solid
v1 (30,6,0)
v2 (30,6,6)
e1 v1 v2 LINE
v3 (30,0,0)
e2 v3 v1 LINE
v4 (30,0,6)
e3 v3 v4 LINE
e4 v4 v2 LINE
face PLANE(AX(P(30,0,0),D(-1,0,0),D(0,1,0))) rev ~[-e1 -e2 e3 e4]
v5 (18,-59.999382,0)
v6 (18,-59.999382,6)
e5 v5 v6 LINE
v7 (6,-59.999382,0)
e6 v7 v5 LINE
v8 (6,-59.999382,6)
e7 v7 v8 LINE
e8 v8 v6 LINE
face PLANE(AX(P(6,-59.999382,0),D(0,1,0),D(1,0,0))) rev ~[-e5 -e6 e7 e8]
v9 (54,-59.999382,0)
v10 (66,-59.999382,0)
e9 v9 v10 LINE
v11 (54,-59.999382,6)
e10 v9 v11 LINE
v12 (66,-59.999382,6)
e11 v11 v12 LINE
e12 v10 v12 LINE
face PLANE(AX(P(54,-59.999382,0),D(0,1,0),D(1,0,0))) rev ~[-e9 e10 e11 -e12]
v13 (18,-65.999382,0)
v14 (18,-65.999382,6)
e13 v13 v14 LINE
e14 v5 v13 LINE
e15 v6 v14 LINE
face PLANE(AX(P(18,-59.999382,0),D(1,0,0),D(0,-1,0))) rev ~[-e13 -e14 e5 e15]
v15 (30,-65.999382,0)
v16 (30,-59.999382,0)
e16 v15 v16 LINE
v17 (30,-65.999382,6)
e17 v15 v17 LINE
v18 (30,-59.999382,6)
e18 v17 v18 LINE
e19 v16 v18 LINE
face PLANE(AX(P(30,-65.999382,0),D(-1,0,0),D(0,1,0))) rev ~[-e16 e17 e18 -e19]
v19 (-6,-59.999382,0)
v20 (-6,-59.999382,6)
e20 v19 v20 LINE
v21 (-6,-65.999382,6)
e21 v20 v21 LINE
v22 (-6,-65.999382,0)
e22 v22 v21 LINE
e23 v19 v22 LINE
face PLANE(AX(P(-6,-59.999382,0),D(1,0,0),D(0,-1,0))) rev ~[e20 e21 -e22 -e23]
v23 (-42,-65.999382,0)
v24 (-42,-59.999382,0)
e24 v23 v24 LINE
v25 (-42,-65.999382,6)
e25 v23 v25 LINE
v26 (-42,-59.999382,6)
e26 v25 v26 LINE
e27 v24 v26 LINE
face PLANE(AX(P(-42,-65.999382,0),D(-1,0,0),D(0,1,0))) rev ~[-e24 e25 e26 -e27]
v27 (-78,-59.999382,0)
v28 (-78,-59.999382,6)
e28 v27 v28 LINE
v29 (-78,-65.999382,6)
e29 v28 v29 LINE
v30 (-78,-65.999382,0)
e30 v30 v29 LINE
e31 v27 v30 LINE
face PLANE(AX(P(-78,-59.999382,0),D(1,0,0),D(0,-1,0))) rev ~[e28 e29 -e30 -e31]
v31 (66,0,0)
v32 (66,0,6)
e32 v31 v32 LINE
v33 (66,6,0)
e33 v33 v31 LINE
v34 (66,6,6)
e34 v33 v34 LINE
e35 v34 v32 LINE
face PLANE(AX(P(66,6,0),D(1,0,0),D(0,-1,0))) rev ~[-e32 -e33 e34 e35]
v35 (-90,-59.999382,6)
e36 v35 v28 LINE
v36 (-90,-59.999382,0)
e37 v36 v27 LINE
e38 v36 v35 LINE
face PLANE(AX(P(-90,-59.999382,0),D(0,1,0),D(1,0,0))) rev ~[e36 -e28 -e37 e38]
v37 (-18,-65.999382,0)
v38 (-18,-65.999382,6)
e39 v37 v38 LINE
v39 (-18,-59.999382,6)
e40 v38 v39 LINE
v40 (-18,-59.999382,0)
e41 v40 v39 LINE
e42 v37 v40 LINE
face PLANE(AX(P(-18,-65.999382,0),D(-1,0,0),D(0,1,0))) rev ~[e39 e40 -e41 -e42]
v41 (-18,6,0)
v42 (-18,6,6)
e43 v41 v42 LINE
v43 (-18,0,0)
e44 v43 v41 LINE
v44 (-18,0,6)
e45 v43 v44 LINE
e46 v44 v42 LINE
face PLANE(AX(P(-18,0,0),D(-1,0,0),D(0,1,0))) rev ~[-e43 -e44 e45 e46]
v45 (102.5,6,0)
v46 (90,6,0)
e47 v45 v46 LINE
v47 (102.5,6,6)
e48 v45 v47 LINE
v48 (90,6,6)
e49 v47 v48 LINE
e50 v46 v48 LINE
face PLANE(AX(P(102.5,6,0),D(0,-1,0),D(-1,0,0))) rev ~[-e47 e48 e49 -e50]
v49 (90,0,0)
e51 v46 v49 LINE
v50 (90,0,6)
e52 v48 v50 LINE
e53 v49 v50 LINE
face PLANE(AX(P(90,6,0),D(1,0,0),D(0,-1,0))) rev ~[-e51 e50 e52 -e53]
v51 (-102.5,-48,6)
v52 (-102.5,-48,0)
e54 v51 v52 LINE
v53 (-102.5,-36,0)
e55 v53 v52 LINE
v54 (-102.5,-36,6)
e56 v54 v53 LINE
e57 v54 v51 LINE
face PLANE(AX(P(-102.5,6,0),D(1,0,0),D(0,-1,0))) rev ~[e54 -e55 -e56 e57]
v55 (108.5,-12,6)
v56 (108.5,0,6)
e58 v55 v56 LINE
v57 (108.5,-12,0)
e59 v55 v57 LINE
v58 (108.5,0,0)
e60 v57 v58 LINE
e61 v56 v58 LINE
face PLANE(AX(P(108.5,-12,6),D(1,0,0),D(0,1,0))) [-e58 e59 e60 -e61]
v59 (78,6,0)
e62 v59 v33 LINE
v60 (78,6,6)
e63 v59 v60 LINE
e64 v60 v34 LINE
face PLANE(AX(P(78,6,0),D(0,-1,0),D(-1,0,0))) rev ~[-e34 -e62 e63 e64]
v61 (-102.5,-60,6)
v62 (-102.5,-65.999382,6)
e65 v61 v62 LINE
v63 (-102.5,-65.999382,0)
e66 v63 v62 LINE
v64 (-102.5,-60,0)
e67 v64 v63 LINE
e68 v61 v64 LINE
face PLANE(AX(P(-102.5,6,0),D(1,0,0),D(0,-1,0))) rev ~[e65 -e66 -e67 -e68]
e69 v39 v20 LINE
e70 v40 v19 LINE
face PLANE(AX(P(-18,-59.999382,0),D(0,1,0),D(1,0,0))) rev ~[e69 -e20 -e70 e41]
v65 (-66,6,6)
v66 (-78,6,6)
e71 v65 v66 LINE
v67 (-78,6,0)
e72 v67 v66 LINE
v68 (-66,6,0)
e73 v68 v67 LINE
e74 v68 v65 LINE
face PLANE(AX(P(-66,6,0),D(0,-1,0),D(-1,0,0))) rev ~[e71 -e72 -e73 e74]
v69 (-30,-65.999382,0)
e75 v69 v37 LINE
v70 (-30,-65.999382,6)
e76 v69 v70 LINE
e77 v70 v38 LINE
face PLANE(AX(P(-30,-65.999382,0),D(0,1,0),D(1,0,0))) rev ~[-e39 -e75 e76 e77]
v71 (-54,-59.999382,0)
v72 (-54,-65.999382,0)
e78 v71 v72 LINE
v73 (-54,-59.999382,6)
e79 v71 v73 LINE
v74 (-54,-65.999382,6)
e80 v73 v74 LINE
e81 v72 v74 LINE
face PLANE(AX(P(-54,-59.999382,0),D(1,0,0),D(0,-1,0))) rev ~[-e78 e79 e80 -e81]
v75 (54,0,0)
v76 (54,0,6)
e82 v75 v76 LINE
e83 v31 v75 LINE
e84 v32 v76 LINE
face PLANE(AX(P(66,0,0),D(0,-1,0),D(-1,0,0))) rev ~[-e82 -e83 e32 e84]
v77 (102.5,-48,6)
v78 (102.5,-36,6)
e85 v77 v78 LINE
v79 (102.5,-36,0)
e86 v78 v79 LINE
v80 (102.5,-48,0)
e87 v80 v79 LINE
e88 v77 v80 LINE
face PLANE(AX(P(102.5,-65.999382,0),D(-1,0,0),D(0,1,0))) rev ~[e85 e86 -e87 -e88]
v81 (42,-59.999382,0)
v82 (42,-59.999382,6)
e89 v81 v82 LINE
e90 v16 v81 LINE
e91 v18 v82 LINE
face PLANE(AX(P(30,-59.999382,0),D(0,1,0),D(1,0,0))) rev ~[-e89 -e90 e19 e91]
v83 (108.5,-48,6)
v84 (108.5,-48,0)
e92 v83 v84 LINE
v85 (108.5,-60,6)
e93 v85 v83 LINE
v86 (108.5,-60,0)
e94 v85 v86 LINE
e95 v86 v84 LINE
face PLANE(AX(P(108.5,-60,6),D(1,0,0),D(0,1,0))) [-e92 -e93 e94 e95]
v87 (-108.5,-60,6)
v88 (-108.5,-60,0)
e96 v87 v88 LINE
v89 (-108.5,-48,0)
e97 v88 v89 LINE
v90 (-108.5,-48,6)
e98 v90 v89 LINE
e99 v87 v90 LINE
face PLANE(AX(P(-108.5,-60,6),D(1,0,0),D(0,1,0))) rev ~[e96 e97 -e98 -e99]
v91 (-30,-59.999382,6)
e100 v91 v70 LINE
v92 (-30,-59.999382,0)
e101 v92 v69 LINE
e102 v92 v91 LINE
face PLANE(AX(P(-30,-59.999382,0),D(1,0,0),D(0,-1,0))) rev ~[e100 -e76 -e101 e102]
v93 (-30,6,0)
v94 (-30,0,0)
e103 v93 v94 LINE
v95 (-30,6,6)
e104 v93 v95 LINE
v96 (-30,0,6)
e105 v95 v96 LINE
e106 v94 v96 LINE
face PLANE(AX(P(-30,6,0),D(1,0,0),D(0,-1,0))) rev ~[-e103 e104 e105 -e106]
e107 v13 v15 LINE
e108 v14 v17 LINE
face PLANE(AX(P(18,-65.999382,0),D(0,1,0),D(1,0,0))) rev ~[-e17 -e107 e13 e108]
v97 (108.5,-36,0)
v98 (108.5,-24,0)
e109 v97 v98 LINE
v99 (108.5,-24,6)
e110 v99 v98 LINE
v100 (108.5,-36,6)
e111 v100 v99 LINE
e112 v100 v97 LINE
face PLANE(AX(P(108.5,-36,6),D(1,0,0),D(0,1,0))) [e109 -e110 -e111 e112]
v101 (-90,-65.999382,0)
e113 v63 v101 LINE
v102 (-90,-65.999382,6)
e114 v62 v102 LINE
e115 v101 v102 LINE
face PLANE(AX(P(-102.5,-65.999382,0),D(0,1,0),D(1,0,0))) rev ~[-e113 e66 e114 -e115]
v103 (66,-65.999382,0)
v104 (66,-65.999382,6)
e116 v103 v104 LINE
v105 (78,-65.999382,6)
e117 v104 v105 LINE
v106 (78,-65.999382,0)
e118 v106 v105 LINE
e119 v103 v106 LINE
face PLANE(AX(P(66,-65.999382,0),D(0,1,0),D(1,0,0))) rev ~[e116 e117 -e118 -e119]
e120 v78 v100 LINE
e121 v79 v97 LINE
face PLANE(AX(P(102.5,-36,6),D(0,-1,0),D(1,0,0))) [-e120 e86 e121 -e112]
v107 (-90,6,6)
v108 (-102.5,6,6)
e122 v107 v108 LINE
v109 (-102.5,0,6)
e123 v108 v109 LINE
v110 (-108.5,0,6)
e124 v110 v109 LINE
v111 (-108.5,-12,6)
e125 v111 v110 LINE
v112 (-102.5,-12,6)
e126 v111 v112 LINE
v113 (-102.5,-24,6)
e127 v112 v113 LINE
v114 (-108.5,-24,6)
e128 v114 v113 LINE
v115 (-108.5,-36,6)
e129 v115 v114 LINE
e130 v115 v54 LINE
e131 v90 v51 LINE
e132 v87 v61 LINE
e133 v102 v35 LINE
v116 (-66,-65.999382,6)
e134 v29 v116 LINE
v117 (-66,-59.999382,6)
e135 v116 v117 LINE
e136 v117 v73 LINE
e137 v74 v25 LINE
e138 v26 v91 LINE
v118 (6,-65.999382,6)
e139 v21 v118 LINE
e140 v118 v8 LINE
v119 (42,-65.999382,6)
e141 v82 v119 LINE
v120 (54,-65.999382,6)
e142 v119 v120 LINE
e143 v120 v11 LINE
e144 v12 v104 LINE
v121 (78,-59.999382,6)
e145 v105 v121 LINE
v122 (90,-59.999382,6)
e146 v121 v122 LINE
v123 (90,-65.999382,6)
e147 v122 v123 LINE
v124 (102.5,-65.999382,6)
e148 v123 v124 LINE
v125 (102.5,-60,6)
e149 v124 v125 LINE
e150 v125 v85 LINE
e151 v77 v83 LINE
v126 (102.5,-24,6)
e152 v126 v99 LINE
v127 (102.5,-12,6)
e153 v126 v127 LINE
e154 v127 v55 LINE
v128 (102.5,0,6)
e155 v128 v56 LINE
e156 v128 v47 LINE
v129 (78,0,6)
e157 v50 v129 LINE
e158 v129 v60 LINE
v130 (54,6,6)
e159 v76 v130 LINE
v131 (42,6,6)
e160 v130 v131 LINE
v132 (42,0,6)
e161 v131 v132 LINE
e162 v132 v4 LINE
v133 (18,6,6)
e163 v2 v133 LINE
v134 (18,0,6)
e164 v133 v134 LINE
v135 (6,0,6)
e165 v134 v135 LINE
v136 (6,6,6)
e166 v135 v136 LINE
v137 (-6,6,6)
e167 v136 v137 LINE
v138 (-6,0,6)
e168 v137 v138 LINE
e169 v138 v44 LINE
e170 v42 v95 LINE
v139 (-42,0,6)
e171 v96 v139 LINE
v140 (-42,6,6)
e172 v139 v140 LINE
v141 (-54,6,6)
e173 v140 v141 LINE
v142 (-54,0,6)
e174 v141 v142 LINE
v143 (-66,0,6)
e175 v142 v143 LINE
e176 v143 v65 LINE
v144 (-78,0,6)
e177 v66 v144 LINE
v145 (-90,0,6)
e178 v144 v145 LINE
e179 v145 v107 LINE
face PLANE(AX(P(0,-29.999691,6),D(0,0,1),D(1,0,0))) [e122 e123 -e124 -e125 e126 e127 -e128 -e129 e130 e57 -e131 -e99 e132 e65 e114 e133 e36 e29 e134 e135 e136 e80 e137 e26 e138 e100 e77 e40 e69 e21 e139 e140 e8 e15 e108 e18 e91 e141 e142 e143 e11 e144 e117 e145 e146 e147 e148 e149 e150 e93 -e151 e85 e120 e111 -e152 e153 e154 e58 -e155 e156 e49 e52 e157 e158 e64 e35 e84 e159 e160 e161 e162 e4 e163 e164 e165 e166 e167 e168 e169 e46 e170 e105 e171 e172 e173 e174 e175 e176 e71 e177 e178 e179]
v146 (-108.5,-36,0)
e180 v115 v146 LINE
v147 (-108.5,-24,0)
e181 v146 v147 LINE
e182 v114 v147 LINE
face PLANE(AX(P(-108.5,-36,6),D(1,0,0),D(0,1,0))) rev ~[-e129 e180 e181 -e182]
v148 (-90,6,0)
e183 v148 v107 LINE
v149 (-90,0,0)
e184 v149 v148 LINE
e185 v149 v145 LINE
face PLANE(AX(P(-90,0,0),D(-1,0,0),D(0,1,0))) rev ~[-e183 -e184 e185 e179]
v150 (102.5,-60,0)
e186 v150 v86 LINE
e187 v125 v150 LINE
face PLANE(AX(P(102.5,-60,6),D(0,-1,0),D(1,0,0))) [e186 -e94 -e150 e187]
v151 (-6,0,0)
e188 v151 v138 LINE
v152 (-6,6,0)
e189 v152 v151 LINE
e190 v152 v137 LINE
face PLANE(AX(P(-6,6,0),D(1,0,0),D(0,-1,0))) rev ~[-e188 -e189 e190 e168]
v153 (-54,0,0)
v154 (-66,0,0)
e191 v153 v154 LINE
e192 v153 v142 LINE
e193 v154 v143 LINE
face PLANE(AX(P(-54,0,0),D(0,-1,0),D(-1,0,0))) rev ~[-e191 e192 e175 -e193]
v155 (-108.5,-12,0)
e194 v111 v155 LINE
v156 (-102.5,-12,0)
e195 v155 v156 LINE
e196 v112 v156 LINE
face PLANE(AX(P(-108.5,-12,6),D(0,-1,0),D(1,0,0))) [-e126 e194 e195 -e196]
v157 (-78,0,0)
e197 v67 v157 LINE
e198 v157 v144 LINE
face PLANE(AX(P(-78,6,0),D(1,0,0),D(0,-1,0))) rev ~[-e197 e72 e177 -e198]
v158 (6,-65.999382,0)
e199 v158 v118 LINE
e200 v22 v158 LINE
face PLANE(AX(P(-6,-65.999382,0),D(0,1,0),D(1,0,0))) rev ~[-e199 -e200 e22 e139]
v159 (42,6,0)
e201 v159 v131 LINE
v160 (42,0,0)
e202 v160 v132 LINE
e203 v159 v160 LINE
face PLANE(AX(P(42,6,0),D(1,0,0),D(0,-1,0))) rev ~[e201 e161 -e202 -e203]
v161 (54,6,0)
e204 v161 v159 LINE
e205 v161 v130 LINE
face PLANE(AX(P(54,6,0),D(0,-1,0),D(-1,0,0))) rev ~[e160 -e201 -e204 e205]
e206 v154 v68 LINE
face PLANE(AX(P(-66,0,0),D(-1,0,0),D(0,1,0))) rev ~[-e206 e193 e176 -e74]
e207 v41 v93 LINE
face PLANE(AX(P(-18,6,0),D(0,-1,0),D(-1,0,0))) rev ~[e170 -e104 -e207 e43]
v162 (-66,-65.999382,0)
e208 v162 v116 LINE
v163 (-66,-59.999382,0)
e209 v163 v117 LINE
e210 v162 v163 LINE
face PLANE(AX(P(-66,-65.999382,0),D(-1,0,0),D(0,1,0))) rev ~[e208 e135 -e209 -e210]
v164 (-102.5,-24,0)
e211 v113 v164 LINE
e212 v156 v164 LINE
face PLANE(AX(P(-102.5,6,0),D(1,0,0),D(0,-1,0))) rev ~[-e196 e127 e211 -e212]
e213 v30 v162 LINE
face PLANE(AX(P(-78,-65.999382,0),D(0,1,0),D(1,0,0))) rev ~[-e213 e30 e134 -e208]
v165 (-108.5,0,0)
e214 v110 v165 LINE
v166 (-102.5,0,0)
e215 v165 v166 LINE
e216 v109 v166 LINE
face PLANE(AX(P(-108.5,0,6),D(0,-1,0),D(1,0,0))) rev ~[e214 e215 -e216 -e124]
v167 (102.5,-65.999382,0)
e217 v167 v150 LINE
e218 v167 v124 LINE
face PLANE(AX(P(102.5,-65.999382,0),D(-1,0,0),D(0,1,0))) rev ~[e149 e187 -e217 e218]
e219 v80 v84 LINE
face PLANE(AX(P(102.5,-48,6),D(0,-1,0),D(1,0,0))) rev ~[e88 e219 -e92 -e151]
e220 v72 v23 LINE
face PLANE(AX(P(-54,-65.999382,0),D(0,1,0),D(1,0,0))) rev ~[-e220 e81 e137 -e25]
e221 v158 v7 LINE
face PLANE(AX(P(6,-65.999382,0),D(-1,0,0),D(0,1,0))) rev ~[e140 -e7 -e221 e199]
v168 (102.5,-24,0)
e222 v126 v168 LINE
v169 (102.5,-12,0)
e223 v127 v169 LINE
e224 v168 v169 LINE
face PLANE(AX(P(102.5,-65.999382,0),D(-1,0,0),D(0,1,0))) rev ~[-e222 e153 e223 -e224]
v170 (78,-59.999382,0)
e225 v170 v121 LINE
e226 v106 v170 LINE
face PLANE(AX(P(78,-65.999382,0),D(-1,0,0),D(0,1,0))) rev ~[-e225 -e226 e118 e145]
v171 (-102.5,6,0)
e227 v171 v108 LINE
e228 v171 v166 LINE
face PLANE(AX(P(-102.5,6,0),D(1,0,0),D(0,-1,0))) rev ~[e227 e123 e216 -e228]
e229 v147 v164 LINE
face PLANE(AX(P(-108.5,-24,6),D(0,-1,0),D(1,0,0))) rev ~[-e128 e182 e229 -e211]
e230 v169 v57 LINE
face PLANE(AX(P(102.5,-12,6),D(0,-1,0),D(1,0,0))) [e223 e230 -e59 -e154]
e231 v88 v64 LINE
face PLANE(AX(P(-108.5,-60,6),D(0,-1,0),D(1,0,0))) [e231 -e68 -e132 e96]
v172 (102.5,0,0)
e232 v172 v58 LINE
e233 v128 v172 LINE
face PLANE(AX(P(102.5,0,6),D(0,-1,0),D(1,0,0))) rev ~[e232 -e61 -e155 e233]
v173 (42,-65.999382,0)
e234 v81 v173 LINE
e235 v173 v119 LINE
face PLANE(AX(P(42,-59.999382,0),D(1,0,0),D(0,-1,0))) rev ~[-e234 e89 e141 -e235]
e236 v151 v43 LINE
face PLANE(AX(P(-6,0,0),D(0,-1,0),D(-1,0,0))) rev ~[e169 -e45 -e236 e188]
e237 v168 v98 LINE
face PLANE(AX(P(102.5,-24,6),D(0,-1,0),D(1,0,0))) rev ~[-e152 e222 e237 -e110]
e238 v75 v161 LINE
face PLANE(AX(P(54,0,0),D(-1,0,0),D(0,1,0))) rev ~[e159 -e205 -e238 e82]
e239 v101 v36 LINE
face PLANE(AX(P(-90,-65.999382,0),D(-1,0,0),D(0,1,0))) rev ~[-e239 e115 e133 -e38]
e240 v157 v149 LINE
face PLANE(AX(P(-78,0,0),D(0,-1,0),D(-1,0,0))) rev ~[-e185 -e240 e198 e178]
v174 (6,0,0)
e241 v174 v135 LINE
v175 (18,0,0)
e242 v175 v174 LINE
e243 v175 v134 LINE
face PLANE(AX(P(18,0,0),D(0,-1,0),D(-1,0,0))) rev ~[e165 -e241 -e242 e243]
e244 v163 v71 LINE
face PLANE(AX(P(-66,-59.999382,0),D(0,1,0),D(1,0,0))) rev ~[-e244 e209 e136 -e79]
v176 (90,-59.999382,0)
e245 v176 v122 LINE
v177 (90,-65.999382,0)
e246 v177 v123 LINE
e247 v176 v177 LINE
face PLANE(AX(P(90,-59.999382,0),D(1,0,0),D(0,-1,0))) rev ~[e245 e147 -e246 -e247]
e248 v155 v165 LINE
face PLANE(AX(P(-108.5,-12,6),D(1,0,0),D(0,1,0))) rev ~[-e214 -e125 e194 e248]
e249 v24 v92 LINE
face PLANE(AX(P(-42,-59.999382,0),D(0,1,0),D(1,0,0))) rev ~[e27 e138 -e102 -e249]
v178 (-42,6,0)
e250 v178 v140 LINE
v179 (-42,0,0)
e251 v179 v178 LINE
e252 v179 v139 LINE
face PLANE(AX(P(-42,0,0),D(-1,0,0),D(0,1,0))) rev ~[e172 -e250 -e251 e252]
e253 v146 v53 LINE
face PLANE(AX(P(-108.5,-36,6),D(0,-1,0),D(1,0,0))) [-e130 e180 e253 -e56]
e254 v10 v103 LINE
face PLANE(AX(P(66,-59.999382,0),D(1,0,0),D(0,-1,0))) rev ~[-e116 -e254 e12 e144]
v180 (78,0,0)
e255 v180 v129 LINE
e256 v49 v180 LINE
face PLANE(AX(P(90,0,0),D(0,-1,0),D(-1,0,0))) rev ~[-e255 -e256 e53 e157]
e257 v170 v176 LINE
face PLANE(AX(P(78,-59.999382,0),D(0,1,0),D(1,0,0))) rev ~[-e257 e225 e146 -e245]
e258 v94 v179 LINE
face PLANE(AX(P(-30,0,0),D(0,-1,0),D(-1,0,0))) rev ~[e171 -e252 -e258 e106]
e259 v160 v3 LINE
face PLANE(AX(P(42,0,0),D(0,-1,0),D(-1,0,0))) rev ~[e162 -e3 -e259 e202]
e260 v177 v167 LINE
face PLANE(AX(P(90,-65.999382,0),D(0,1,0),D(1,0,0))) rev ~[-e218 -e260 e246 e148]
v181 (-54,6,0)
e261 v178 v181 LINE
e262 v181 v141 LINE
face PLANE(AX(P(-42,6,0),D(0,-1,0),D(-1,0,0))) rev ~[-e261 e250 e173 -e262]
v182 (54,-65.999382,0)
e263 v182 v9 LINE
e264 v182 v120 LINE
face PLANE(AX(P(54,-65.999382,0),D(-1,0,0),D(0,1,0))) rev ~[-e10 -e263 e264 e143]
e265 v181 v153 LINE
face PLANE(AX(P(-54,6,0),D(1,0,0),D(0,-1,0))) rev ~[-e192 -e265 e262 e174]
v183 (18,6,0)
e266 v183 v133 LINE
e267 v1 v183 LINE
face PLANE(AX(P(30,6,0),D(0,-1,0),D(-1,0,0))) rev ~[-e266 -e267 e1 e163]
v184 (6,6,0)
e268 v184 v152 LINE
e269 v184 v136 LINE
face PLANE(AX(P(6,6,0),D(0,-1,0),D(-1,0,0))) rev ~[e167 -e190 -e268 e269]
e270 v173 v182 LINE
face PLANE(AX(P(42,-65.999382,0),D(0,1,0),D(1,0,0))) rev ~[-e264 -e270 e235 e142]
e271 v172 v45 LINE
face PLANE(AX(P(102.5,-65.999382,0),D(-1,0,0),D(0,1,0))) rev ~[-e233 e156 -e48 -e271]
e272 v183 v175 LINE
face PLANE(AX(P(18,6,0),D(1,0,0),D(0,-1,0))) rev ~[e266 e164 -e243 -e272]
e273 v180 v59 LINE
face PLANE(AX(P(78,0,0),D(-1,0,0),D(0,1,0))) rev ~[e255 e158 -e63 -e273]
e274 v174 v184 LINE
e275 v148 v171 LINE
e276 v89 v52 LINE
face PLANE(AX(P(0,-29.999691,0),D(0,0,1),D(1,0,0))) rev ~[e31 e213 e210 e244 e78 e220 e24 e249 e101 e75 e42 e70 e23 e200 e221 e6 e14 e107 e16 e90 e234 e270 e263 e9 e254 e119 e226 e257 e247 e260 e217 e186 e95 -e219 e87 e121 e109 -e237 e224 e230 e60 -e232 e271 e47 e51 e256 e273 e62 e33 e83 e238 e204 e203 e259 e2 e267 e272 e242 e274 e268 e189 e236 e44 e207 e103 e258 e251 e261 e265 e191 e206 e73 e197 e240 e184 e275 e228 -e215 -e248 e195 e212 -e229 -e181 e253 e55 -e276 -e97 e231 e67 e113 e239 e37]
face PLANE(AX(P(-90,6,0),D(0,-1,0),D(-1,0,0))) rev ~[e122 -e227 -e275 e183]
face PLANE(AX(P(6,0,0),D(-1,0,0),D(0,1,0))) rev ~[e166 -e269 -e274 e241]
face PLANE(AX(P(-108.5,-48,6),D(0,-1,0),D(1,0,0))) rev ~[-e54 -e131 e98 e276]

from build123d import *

# Parameters (mm, degrees)
BOSS_EXTRUDE1_DEPTH = 6
SKETCH3_W           = 6
SKETCH3_H           = 12
BOSS_EXTRUDE2_DEPTH = 6


with BuildPart() as part:
    # Sketch2 → Boss-Extrude1 (new body)
    with BuildSketch(Plane.XY):
        Polygon((-66, 6), (-78, 6), (-78, 0), (-90, 0), (-90, 6), (-102.5, 6), (-102.5, -65.99938194), (-90, -65.99938194), (-90, -59.99938194), (-78, -59.99938194), (-78, -65.99938194), (-66, -65.99938194), (-66, -59.99938194), (-54, -59.99938194), (-54, -65.99938194), (-42, -65.99938194), (-42, -59.99938194), (-30, -59.99938194), (-30, -65.99938194), (-18, -65.99938194), (-18, -59.99938194), (-6, -59.99938194), (-6, -65.99938194), (6, -65.99938194), (6, -59.99938194), (18, -59.99938194), (18, -65.99938194), (30, -65.99938194), (30, -59.99938194), (42, -59.99938194), (42, -65.99938194), (54, -65.99938194), (54, -59.99938194), (66, -59.99938194), (66, -65.99938194), (78, -65.99938194), (78, -59.99938194), (90, -59.99938194), (90, -65.99938194), (102.5, -65.99938194), (102.5, 6), (90, 6), (90, 0), (78, 0), (78, 6), (66, 6), (66, 0), (54, 0), (54, 6), (42, 6), (42, 0), (30, 0), (30, 6), (18, 6), (18, 0), (6, 0), (6, 6), (-6, 6), (-6, 0), (-18, 0), (-18, 6), (-30, 6), (-30, 0), (-42, 0), (-42, 6), (-54, 6), (-54, 0), (-66, 0), align=None)
    extrude(amount=BOSS_EXTRUDE1_DEPTH)

    # Sketch3 → Boss-Extrude2 (add)
    with BuildSketch(Plane.XY.offset(6)):
        with Locations((-105.5, -6)):
            Rectangle(SKETCH3_W, SKETCH3_H)
        with Locations((105.5, -6)):
            Rectangle(SKETCH3_W, SKETCH3_H)
        with Locations((105.5, -30)):
            Rectangle(SKETCH3_W, SKETCH3_H)
        with Locations((105.5, -54)):
            Rectangle(SKETCH3_W, SKETCH3_H)
        with Locations((-105.5, -30)):
            Rectangle(SKETCH3_W, SKETCH3_H)
        with Locations((-105.5, -54)):
            Rectangle(SKETCH3_W, SKETCH3_H)
    extrude(amount=-BOSS_EXTRUDE2_DEPTH)


solid = part.part
